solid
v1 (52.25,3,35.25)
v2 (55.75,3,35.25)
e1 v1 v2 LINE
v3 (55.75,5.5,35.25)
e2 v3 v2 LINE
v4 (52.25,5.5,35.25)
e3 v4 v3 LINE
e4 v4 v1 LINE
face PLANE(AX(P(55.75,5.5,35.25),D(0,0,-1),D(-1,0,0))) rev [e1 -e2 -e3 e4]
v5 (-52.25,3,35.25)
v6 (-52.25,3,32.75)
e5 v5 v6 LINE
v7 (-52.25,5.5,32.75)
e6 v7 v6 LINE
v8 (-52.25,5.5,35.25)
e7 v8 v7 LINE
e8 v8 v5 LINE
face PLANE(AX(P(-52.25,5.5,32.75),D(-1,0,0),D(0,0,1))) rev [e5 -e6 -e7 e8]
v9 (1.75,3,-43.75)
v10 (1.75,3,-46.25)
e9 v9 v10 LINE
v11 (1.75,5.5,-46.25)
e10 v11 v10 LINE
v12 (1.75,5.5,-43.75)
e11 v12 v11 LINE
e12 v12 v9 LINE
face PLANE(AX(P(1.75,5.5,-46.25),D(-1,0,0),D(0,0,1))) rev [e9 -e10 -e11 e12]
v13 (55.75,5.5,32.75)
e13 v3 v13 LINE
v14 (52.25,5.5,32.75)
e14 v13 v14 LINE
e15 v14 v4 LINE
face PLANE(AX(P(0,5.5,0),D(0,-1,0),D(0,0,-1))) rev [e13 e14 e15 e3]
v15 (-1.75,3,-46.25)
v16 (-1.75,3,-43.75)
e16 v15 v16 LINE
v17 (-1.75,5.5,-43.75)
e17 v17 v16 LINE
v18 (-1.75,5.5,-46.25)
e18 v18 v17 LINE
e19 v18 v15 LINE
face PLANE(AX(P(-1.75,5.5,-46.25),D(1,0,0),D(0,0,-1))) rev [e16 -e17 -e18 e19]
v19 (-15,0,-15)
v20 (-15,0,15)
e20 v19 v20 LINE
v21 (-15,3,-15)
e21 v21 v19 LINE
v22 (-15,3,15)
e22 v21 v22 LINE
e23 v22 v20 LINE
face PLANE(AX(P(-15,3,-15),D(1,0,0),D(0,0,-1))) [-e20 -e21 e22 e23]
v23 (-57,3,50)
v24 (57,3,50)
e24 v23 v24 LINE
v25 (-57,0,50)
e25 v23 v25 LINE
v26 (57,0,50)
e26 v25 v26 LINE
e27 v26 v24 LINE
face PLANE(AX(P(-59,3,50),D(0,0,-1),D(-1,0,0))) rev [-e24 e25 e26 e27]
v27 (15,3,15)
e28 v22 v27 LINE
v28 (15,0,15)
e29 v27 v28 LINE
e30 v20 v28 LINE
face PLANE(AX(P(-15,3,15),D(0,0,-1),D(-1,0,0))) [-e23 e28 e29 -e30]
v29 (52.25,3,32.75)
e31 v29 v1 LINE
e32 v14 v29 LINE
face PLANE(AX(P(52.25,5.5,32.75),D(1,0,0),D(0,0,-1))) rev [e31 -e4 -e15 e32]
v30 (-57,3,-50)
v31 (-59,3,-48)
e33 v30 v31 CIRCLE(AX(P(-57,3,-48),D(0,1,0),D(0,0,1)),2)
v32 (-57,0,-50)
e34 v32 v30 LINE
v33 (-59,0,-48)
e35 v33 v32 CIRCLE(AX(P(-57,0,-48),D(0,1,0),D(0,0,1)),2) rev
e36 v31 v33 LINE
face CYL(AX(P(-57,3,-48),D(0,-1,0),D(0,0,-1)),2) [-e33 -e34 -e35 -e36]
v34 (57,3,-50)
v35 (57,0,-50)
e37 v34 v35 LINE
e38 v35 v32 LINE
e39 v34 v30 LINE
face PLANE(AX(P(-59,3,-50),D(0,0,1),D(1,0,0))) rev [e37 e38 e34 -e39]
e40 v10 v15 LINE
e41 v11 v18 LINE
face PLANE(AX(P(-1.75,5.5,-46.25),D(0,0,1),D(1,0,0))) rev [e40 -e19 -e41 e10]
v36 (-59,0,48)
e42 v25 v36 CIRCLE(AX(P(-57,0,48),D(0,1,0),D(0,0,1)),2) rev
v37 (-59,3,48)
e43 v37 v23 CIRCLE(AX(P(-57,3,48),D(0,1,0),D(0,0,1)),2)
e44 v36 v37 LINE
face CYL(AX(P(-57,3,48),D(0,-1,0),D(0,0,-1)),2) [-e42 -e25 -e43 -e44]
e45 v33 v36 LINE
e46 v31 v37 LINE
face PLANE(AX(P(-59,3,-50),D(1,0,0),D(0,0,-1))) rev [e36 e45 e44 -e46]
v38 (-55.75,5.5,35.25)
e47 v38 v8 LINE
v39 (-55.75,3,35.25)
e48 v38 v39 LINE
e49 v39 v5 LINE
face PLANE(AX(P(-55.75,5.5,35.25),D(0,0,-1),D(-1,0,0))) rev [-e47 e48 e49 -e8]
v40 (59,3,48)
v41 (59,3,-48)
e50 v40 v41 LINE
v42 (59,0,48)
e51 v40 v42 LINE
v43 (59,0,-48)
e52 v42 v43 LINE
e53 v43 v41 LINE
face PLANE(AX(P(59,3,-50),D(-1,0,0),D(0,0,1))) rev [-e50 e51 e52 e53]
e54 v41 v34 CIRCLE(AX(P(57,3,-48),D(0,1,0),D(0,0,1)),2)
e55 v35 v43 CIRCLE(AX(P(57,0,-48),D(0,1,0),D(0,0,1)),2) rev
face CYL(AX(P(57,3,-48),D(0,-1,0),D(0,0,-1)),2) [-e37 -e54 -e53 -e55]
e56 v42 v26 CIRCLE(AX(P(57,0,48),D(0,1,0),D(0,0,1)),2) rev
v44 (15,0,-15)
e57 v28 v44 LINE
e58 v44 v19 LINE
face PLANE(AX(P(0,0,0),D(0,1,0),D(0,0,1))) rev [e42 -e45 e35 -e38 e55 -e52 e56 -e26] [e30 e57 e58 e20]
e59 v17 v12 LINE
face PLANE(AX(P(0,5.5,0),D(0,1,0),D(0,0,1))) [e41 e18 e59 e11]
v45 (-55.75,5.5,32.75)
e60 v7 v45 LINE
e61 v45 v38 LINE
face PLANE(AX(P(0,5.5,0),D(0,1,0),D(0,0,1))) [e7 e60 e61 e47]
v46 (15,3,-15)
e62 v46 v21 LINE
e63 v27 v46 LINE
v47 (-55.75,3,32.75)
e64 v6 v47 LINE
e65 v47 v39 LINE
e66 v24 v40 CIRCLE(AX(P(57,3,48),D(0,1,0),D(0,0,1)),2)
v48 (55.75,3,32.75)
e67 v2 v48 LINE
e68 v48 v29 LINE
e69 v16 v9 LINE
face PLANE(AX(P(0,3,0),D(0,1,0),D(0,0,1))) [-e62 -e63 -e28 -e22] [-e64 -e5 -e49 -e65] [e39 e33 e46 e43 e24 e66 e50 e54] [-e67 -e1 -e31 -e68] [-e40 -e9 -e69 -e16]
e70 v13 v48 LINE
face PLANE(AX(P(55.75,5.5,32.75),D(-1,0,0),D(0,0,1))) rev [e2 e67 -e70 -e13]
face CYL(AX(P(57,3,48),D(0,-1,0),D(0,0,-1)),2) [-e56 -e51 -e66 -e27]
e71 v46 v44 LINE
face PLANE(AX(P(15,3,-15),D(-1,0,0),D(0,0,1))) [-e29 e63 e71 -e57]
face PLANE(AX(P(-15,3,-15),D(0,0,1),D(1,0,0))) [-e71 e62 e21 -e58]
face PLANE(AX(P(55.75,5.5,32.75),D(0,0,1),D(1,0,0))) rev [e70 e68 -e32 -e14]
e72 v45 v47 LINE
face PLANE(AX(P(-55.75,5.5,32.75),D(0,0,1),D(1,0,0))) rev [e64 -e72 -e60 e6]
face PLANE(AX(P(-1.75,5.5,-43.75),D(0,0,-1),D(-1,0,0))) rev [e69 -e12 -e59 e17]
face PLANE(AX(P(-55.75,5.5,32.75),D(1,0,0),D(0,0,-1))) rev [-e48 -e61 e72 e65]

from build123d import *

# Parameters (mm, degrees)
SKETCH1_W           = 118
SKETCH1_H           = 100
SKETCH1_W_2         = 30
SKETCH1_H_2         = 30
BOSS_EXTRUDE1_DEPTH = 3
SKETCH2_W           = 3.5
SKETCH2_H           = 2.5
BOSS_EXTRUDE2_DEPTH = 2.5
FILLET1_R           = 2


with BuildPart() as part:
    # Sketch1 → Boss-Extrude1 (new body)
    with BuildSketch(Plane(origin=(0, 0, 0), x_dir=(1, 0, 0), z_dir=(0, 1, 0))):
        Rectangle(SKETCH1_W, SKETCH1_H)
        Rectangle(SKETCH1_W_2, SKETCH1_H_2, mode=Mode.SUBTRACT)
    extrude(amount=BOSS_EXTRUDE1_DEPTH)

    # Sketch2 → Boss-Extrude2 (add)
    with BuildSketch(Plane(origin=(0, 3, 0), x_dir=(1, 0, 0), z_dir=(0, 1, 0))):
        with Locations((54, -34)):
            Rectangle(SKETCH2_W, SKETCH2_H)
        with Locations((-54, -34)):
            Rectangle(SKETCH2_W, SKETCH2_H)
        with Locations((0, 45)):
            Rectangle(SKETCH2_W, SKETCH2_H)
    extrude(amount=BOSS_EXTRUDE2_DEPTH)

    # Fillet1
    fillet1_edges = [part.edges().sort_by_distance(p)[0] for p in [
        (59, 1.5, 50),
        (-59, 1.5, 50),
        (-59, 1.5, -50),
        (59, 1.5, -50),
    ]]
    fillet(fillet1_edges, radius=FILLET1_R)


solid = part.part
